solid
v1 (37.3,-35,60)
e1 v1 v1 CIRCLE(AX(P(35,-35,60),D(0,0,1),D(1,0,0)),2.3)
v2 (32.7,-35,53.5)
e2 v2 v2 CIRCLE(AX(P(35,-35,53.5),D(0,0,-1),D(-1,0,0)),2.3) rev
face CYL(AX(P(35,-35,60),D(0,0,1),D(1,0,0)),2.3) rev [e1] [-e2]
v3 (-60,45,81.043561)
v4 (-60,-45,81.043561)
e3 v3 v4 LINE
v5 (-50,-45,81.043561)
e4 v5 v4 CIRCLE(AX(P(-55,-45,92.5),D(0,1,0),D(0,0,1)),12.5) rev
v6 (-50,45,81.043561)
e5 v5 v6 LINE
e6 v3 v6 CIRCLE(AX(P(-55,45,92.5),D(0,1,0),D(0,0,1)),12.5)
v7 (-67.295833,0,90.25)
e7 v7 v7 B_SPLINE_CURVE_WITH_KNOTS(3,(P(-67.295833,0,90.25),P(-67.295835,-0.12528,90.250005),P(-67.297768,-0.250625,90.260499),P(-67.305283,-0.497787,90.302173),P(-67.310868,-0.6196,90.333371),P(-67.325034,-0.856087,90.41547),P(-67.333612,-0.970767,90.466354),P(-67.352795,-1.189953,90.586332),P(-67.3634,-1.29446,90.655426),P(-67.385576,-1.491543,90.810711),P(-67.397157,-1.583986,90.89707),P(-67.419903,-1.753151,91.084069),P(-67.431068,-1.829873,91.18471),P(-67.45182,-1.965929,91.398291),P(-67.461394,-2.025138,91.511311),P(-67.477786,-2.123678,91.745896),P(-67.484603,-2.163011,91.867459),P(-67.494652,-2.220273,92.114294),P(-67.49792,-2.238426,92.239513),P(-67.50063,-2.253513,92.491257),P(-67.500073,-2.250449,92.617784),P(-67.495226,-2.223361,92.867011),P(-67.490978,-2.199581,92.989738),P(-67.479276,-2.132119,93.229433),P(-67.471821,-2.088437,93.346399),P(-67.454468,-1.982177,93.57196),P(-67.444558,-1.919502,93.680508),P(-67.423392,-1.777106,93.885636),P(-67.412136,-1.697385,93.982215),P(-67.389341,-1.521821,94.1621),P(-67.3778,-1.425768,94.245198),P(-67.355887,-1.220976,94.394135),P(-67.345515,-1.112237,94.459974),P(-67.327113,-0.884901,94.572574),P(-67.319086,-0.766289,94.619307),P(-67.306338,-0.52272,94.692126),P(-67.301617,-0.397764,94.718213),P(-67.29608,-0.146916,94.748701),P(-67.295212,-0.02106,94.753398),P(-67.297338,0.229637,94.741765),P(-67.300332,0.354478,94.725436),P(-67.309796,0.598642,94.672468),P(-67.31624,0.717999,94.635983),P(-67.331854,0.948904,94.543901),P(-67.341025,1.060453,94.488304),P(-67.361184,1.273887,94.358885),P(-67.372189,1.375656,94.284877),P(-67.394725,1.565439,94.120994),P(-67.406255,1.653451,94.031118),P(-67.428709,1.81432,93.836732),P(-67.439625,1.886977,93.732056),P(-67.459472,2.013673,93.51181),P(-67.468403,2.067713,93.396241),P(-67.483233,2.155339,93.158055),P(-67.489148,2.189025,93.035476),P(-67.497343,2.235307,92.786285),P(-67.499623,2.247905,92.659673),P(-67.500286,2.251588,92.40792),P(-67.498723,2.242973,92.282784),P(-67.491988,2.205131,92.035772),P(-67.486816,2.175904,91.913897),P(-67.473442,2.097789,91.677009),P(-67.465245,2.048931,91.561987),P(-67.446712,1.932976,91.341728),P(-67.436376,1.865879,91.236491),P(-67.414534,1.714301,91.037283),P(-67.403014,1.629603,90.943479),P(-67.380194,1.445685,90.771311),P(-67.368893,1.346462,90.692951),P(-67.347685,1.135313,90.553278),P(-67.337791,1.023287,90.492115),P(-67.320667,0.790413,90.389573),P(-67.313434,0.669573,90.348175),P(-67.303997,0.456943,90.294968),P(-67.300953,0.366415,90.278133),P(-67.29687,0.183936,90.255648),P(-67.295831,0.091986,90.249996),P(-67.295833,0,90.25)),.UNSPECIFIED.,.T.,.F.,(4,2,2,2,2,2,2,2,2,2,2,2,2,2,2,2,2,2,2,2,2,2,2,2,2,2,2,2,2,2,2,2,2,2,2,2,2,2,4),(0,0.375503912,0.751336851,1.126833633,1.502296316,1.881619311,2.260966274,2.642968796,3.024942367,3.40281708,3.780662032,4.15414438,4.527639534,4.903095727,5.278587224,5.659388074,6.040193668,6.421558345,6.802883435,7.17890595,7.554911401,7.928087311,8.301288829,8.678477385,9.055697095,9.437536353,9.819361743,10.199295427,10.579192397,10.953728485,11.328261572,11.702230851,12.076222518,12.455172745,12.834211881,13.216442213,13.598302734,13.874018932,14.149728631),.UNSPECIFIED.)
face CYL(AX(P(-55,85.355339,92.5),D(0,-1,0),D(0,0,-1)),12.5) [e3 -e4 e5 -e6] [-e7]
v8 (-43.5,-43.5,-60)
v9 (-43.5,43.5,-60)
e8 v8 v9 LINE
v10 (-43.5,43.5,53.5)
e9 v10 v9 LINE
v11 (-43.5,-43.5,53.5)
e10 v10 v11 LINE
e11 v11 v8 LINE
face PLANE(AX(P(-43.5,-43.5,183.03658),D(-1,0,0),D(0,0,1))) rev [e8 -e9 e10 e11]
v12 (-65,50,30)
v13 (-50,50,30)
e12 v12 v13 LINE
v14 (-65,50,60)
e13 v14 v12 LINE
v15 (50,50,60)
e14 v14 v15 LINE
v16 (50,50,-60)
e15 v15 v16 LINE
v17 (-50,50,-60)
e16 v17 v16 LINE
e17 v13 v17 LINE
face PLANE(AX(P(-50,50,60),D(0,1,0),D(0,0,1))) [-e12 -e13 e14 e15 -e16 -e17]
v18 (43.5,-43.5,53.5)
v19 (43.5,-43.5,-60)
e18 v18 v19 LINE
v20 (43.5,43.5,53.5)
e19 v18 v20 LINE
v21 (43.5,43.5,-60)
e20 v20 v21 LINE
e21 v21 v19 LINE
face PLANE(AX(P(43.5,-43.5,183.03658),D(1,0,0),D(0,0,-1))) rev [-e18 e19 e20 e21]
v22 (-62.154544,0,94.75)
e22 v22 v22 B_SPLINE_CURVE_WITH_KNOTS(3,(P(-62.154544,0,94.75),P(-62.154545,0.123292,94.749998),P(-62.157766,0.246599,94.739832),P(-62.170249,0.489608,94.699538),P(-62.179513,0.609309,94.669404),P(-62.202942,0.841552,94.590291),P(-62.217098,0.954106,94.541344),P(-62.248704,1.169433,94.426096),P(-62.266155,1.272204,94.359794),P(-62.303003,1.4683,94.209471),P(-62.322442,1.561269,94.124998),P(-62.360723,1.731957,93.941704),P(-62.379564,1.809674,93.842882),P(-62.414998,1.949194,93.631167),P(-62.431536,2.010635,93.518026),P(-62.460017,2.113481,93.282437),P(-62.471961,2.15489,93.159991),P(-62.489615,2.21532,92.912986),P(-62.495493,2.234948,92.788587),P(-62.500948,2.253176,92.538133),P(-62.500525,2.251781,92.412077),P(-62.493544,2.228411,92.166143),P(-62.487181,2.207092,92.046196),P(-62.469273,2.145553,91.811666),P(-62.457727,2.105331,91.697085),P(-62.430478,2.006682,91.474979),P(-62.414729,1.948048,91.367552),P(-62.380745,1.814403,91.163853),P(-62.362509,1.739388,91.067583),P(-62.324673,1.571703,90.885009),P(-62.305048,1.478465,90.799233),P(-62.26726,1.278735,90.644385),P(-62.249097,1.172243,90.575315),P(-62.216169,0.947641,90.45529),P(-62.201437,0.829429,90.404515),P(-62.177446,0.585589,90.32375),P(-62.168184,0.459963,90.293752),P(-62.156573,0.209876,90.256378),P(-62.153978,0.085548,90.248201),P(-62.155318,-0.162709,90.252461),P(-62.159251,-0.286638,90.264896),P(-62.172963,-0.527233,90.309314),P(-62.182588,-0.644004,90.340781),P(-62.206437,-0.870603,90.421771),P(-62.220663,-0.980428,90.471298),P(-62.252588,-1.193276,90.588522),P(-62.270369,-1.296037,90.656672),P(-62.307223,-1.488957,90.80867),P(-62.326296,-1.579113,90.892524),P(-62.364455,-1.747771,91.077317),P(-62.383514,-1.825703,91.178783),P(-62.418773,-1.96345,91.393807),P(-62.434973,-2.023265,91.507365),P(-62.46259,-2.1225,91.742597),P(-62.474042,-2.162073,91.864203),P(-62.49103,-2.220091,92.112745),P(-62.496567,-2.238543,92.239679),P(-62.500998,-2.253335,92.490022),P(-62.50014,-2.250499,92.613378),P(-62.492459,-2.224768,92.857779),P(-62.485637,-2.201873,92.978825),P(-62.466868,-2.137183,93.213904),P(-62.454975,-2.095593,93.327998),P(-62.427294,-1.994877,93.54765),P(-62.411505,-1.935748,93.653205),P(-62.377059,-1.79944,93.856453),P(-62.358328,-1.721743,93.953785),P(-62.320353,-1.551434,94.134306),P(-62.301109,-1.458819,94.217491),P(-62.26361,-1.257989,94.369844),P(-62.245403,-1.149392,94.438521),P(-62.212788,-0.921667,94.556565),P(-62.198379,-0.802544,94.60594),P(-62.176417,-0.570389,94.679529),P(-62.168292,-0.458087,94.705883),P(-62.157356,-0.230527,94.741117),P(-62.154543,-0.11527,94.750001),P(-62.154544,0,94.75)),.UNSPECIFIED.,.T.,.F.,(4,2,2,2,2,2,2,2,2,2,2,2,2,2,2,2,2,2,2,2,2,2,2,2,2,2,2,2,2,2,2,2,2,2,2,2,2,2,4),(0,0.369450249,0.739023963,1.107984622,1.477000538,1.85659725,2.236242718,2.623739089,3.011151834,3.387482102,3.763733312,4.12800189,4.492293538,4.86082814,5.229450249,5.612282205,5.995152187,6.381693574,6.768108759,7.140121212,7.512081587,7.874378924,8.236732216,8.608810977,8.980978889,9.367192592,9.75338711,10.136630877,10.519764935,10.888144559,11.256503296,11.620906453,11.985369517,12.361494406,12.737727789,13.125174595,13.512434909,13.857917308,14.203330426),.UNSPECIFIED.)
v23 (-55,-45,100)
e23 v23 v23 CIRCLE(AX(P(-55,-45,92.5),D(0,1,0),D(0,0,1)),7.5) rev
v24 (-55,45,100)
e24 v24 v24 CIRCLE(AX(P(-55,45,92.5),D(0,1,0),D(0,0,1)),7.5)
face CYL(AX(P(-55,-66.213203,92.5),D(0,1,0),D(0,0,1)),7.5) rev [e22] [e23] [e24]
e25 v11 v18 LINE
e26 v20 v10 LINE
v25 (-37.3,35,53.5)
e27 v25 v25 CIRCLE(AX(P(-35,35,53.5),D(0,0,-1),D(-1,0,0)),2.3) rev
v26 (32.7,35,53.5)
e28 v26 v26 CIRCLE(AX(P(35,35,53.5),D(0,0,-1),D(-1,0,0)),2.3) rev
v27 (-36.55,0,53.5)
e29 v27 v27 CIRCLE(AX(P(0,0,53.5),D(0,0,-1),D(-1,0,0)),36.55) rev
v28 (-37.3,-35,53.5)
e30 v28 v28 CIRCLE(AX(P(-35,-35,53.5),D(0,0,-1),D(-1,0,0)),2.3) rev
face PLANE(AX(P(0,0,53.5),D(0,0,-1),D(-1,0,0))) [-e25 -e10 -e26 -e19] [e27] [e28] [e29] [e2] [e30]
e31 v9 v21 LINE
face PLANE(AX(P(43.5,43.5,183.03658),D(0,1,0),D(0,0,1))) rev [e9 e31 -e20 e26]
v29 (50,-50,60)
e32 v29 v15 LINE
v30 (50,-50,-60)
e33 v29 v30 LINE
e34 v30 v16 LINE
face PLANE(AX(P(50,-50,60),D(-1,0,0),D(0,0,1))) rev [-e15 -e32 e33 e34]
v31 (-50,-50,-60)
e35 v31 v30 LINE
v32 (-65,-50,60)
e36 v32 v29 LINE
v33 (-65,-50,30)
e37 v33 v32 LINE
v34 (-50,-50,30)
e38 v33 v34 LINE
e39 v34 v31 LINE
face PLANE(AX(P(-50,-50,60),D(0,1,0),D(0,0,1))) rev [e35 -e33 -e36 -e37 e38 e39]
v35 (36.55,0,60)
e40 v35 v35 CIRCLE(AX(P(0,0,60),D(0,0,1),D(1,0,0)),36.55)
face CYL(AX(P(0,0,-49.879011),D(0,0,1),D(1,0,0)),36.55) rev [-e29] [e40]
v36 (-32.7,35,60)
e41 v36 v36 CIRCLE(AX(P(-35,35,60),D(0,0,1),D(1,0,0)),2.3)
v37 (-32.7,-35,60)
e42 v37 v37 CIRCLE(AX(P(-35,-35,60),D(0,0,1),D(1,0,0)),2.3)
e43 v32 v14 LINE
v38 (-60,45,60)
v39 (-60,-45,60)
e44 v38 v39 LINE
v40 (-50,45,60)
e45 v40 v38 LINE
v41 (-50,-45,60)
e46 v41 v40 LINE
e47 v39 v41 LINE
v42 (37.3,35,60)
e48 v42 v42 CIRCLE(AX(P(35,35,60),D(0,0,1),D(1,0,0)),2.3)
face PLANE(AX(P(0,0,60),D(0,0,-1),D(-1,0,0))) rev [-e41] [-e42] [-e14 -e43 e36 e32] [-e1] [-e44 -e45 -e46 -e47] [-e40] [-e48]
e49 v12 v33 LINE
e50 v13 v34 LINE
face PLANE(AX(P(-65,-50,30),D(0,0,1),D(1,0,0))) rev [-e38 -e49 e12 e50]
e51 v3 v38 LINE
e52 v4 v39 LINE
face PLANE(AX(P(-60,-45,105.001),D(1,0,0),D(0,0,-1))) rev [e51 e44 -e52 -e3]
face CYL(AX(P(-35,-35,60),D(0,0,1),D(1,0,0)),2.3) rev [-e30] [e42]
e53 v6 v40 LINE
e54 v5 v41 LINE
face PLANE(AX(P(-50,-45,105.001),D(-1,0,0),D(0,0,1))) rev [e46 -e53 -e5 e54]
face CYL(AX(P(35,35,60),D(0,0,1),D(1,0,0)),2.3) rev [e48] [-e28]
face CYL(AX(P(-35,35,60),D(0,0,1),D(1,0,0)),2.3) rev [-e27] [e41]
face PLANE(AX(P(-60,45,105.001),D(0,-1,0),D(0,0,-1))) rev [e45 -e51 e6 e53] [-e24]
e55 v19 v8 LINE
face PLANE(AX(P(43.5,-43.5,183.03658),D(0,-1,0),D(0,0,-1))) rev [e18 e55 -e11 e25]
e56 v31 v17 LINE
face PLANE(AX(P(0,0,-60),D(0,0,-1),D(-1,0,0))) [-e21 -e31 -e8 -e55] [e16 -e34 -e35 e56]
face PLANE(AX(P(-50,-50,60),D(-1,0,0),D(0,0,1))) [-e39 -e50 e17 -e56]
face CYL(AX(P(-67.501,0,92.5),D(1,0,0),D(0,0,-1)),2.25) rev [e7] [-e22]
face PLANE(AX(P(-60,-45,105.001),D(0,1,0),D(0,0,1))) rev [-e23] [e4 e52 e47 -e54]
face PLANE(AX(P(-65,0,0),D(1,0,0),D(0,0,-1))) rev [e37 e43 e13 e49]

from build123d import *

# Parameters (mm, degrees)
SKETCH1_W                           = 100
SKETCH1_H                           = 100
BOSS_EXTRUDE1_DEPTH                 = 60
SKETCH2_W                           = 87
SKETCH2_H                           = 87
CUT_EXTRUDE1_DEPTH                  = 113.5
SKETCH4_R                           = 36.55
CUT_EXTRUDE2_DEPTH                  = 6.5
F_4_6_4_6_DIAMETER_HOLE1_D          = 4.6
CIRPATTERN1_COUNT                   = 4
SKETCH13_W                          = 30
SKETCH13_H                          = 100
BOSS_EXTRUDE6_DEPTH                 = 15
BOSS_EXTRUDE7_DEPTH                 = 45
BOSS_EXTRUDE7_DEPTH_BACK            = 45
SKETCH15_R                          = 12.5
BOSS_EXTRUDE8_REACH                 = 148.48
BOSS_EXTRUDE8_END_RADIUS            = 12.5
SKETCH14_W                          = 10
SKETCH14_H                          = 90
SKETCH16_R                          = 7.5
CUT_EXTRUDE4_DEPTH                  = 90
CUT_EXTRUDE5_REACH                  = 165.554
CUT_EXTRUDE5_END_RADIUS             = 12.5
SKETCH17_R                          = 2.25
CUT_EXTRUDE5_DIRECTION_2_REACH      = 165.554
CUT_EXTRUDE5_DIRECTION_2_END_RADIUS = 7.5


with BuildPart() as part:
    # Sketch1 → Boss-Extrude1 (new, symmetric)
    with BuildSketch(Plane.XY):
        Rectangle(SKETCH1_W, SKETCH1_H)
    extrude(amount=BOSS_EXTRUDE1_DEPTH, both=True)

    # Sketch2 → Cut-Extrude1 (cut)
    with BuildSketch(Plane(origin=(0, 0, -60), x_dir=(-1, 0, 0), z_dir=(0, 0, -1))):
        Rectangle(SKETCH2_W, SKETCH2_H)
    extrude(amount=-CUT_EXTRUDE1_DEPTH, mode=Mode.SUBTRACT)

    # Sketch4 → Cut-Extrude2 (cut)
    with BuildSketch(Plane.XY.offset(60)):
        Circle(SKETCH4_R)
    extrude(amount=-CUT_EXTRUDE2_DEPTH, mode=Mode.SUBTRACT)

    # Ø4.6 (4.6) Diameter Hole1 (through all)
    with Locations(Plane.XY.offset(60)):
        with Locations((-35, 35)):
            f_4_6_4_6_diameter_hole1 = Hole(F_4_6_4_6_DIAMETER_HOLE1_D / 2)

    # CirPattern1: Ø4.6 (4.6) Diameter Hole1 ×4 about axis
    cirpattern1_axis = Axis((0, 0, 0), (0, 0, 1))
    for i in range(1, CIRPATTERN1_COUNT):
        add(f_4_6_4_6_diameter_hole1.rotate(cirpattern1_axis, i * 360 / CIRPATTERN1_COUNT), mode=Mode.SUBTRACT)

    # Sketch13 → Boss-Extrude6 (add)
    with BuildSketch(Plane.ZY.offset(50)):
        with Locations((45, 0)):
            Rectangle(SKETCH13_W, SKETCH13_H)
    extrude(amount=BOSS_EXTRUDE6_DEPTH)



with BuildPart() as body_2:
    # Sketch15 → Boss-Extrude7 (new, two sides: drawn at the far end of the back side and taken through both)
    with BuildSketch(Plane(origin=(0, 0, 0), x_dir=(1, 0, 0), z_dir=(0, 1, 0)).offset(-BOSS_EXTRUDE7_DEPTH_BACK)):
        with Locations(Location((-55, -92.5, 0), (0, 0, 270))):
            Circle(SKETCH15_R)
    extrude(amount=BOSS_EXTRUDE7_DEPTH + BOSS_EXTRUDE7_DEPTH_BACK)


with BuildPart() as part_1:
    add(part.part)

    add(body_2.part)  # Boss-Extrude8 merges body 2
    # Boss-Extrude8: up to this cylinder (the profile starts outside it)
    boss_extrude8_end = Plane(origin=(-55, 0, 92.5), z_dir=(0, -1, 0)) * Cylinder(BOSS_EXTRUDE8_END_RADIUS, 322.96, mode=Mode.PRIVATE)
    # Sketch14 → Boss-Extrude8 (add, up to the surface)
    with BuildSketch(Plane.XY.offset(60), mode=Mode.PRIVATE) as boss_extrude8_sk1:
        with Locations((-55, 0)):
            Rectangle(SKETCH14_W, SKETCH14_H)
    boss_extrude8_tool1 = extrude(boss_extrude8_sk1.sketch, amount=BOSS_EXTRUDE8_REACH, mode=Mode.PRIVATE) - boss_extrude8_end
    add(boss_extrude8_tool1.solids().sort_by_distance((-55, 0, 60))[0])

    # Sketch16 → Cut-Extrude4 (cut)
    with BuildSketch(Plane(origin=(0, 45, 0), x_dir=(1, 0, 0), z_dir=(0, 1, 0))):
        with Locations(Location((-55, -92.5, 0), (0, 0, 270))):
            Circle(SKETCH16_R)
    extrude(amount=-CUT_EXTRUDE4_DEPTH, mode=Mode.SUBTRACT)

    # Cut-Extrude5: up to this cylinder (the profile starts inside it)
    cut_extrude5_end = Plane(origin=(-55, 0, 92.5), z_dir=(0, -1, 0)) * Cylinder(CUT_EXTRUDE5_END_RADIUS, 357.108, mode=Mode.PRIVATE)
    # Sketch17 → Cut-Extrude5 (cut, up to the surface)
    with BuildSketch(Plane(origin=(-65, 0, 0), x_dir=(0, 0, -1), z_dir=(1, 0, 0)), mode=Mode.PRIVATE) as cut_extrude5_sk1:
        with Locations((-92.5, 0)):
            Circle(SKETCH17_R)
    cut_extrude5_tool1 = extrude(cut_extrude5_sk1.sketch, amount=-CUT_EXTRUDE5_REACH, mode=Mode.PRIVATE) & cut_extrude5_end
    add(cut_extrude5_tool1.solids().sort_by_distance((-65, 0, 92.5))[0], mode=Mode.SUBTRACT)

    # Cut-Extrude5 direction 2: up to this cylinder (the profile starts outside it)
    cut_extrude5_direction_2_end = Plane(origin=(-55, 0, 92.5), z_dir=(0, 1, 0)) * Cylinder(CUT_EXTRUDE5_DIRECTION_2_END_RADIUS, 347.108, mode=Mode.PRIVATE)
    # Sketch17 → Cut-Extrude5 direction 2 (cut, up to the surface)
    with BuildSketch(Plane(origin=(-65, 0, 0), x_dir=(0, 0, -1), z_dir=(1, 0, 0)), mode=Mode.PRIVATE) as cut_extrude5_direction_2_sk1:
        with Locations((-92.5, 0)):
            Circle(SKETCH17_R)
    cut_extrude5_direction_2_tool1 = extrude(cut_extrude5_direction_2_sk1.sketch, amount=CUT_EXTRUDE5_DIRECTION_2_REACH, mode=Mode.PRIVATE) - cut_extrude5_direction_2_end
    add(cut_extrude5_direction_2_tool1.solids().sort_by_distance((-65, 0, 92.5))[0], mode=Mode.SUBTRACT)


solid = part_1.part
